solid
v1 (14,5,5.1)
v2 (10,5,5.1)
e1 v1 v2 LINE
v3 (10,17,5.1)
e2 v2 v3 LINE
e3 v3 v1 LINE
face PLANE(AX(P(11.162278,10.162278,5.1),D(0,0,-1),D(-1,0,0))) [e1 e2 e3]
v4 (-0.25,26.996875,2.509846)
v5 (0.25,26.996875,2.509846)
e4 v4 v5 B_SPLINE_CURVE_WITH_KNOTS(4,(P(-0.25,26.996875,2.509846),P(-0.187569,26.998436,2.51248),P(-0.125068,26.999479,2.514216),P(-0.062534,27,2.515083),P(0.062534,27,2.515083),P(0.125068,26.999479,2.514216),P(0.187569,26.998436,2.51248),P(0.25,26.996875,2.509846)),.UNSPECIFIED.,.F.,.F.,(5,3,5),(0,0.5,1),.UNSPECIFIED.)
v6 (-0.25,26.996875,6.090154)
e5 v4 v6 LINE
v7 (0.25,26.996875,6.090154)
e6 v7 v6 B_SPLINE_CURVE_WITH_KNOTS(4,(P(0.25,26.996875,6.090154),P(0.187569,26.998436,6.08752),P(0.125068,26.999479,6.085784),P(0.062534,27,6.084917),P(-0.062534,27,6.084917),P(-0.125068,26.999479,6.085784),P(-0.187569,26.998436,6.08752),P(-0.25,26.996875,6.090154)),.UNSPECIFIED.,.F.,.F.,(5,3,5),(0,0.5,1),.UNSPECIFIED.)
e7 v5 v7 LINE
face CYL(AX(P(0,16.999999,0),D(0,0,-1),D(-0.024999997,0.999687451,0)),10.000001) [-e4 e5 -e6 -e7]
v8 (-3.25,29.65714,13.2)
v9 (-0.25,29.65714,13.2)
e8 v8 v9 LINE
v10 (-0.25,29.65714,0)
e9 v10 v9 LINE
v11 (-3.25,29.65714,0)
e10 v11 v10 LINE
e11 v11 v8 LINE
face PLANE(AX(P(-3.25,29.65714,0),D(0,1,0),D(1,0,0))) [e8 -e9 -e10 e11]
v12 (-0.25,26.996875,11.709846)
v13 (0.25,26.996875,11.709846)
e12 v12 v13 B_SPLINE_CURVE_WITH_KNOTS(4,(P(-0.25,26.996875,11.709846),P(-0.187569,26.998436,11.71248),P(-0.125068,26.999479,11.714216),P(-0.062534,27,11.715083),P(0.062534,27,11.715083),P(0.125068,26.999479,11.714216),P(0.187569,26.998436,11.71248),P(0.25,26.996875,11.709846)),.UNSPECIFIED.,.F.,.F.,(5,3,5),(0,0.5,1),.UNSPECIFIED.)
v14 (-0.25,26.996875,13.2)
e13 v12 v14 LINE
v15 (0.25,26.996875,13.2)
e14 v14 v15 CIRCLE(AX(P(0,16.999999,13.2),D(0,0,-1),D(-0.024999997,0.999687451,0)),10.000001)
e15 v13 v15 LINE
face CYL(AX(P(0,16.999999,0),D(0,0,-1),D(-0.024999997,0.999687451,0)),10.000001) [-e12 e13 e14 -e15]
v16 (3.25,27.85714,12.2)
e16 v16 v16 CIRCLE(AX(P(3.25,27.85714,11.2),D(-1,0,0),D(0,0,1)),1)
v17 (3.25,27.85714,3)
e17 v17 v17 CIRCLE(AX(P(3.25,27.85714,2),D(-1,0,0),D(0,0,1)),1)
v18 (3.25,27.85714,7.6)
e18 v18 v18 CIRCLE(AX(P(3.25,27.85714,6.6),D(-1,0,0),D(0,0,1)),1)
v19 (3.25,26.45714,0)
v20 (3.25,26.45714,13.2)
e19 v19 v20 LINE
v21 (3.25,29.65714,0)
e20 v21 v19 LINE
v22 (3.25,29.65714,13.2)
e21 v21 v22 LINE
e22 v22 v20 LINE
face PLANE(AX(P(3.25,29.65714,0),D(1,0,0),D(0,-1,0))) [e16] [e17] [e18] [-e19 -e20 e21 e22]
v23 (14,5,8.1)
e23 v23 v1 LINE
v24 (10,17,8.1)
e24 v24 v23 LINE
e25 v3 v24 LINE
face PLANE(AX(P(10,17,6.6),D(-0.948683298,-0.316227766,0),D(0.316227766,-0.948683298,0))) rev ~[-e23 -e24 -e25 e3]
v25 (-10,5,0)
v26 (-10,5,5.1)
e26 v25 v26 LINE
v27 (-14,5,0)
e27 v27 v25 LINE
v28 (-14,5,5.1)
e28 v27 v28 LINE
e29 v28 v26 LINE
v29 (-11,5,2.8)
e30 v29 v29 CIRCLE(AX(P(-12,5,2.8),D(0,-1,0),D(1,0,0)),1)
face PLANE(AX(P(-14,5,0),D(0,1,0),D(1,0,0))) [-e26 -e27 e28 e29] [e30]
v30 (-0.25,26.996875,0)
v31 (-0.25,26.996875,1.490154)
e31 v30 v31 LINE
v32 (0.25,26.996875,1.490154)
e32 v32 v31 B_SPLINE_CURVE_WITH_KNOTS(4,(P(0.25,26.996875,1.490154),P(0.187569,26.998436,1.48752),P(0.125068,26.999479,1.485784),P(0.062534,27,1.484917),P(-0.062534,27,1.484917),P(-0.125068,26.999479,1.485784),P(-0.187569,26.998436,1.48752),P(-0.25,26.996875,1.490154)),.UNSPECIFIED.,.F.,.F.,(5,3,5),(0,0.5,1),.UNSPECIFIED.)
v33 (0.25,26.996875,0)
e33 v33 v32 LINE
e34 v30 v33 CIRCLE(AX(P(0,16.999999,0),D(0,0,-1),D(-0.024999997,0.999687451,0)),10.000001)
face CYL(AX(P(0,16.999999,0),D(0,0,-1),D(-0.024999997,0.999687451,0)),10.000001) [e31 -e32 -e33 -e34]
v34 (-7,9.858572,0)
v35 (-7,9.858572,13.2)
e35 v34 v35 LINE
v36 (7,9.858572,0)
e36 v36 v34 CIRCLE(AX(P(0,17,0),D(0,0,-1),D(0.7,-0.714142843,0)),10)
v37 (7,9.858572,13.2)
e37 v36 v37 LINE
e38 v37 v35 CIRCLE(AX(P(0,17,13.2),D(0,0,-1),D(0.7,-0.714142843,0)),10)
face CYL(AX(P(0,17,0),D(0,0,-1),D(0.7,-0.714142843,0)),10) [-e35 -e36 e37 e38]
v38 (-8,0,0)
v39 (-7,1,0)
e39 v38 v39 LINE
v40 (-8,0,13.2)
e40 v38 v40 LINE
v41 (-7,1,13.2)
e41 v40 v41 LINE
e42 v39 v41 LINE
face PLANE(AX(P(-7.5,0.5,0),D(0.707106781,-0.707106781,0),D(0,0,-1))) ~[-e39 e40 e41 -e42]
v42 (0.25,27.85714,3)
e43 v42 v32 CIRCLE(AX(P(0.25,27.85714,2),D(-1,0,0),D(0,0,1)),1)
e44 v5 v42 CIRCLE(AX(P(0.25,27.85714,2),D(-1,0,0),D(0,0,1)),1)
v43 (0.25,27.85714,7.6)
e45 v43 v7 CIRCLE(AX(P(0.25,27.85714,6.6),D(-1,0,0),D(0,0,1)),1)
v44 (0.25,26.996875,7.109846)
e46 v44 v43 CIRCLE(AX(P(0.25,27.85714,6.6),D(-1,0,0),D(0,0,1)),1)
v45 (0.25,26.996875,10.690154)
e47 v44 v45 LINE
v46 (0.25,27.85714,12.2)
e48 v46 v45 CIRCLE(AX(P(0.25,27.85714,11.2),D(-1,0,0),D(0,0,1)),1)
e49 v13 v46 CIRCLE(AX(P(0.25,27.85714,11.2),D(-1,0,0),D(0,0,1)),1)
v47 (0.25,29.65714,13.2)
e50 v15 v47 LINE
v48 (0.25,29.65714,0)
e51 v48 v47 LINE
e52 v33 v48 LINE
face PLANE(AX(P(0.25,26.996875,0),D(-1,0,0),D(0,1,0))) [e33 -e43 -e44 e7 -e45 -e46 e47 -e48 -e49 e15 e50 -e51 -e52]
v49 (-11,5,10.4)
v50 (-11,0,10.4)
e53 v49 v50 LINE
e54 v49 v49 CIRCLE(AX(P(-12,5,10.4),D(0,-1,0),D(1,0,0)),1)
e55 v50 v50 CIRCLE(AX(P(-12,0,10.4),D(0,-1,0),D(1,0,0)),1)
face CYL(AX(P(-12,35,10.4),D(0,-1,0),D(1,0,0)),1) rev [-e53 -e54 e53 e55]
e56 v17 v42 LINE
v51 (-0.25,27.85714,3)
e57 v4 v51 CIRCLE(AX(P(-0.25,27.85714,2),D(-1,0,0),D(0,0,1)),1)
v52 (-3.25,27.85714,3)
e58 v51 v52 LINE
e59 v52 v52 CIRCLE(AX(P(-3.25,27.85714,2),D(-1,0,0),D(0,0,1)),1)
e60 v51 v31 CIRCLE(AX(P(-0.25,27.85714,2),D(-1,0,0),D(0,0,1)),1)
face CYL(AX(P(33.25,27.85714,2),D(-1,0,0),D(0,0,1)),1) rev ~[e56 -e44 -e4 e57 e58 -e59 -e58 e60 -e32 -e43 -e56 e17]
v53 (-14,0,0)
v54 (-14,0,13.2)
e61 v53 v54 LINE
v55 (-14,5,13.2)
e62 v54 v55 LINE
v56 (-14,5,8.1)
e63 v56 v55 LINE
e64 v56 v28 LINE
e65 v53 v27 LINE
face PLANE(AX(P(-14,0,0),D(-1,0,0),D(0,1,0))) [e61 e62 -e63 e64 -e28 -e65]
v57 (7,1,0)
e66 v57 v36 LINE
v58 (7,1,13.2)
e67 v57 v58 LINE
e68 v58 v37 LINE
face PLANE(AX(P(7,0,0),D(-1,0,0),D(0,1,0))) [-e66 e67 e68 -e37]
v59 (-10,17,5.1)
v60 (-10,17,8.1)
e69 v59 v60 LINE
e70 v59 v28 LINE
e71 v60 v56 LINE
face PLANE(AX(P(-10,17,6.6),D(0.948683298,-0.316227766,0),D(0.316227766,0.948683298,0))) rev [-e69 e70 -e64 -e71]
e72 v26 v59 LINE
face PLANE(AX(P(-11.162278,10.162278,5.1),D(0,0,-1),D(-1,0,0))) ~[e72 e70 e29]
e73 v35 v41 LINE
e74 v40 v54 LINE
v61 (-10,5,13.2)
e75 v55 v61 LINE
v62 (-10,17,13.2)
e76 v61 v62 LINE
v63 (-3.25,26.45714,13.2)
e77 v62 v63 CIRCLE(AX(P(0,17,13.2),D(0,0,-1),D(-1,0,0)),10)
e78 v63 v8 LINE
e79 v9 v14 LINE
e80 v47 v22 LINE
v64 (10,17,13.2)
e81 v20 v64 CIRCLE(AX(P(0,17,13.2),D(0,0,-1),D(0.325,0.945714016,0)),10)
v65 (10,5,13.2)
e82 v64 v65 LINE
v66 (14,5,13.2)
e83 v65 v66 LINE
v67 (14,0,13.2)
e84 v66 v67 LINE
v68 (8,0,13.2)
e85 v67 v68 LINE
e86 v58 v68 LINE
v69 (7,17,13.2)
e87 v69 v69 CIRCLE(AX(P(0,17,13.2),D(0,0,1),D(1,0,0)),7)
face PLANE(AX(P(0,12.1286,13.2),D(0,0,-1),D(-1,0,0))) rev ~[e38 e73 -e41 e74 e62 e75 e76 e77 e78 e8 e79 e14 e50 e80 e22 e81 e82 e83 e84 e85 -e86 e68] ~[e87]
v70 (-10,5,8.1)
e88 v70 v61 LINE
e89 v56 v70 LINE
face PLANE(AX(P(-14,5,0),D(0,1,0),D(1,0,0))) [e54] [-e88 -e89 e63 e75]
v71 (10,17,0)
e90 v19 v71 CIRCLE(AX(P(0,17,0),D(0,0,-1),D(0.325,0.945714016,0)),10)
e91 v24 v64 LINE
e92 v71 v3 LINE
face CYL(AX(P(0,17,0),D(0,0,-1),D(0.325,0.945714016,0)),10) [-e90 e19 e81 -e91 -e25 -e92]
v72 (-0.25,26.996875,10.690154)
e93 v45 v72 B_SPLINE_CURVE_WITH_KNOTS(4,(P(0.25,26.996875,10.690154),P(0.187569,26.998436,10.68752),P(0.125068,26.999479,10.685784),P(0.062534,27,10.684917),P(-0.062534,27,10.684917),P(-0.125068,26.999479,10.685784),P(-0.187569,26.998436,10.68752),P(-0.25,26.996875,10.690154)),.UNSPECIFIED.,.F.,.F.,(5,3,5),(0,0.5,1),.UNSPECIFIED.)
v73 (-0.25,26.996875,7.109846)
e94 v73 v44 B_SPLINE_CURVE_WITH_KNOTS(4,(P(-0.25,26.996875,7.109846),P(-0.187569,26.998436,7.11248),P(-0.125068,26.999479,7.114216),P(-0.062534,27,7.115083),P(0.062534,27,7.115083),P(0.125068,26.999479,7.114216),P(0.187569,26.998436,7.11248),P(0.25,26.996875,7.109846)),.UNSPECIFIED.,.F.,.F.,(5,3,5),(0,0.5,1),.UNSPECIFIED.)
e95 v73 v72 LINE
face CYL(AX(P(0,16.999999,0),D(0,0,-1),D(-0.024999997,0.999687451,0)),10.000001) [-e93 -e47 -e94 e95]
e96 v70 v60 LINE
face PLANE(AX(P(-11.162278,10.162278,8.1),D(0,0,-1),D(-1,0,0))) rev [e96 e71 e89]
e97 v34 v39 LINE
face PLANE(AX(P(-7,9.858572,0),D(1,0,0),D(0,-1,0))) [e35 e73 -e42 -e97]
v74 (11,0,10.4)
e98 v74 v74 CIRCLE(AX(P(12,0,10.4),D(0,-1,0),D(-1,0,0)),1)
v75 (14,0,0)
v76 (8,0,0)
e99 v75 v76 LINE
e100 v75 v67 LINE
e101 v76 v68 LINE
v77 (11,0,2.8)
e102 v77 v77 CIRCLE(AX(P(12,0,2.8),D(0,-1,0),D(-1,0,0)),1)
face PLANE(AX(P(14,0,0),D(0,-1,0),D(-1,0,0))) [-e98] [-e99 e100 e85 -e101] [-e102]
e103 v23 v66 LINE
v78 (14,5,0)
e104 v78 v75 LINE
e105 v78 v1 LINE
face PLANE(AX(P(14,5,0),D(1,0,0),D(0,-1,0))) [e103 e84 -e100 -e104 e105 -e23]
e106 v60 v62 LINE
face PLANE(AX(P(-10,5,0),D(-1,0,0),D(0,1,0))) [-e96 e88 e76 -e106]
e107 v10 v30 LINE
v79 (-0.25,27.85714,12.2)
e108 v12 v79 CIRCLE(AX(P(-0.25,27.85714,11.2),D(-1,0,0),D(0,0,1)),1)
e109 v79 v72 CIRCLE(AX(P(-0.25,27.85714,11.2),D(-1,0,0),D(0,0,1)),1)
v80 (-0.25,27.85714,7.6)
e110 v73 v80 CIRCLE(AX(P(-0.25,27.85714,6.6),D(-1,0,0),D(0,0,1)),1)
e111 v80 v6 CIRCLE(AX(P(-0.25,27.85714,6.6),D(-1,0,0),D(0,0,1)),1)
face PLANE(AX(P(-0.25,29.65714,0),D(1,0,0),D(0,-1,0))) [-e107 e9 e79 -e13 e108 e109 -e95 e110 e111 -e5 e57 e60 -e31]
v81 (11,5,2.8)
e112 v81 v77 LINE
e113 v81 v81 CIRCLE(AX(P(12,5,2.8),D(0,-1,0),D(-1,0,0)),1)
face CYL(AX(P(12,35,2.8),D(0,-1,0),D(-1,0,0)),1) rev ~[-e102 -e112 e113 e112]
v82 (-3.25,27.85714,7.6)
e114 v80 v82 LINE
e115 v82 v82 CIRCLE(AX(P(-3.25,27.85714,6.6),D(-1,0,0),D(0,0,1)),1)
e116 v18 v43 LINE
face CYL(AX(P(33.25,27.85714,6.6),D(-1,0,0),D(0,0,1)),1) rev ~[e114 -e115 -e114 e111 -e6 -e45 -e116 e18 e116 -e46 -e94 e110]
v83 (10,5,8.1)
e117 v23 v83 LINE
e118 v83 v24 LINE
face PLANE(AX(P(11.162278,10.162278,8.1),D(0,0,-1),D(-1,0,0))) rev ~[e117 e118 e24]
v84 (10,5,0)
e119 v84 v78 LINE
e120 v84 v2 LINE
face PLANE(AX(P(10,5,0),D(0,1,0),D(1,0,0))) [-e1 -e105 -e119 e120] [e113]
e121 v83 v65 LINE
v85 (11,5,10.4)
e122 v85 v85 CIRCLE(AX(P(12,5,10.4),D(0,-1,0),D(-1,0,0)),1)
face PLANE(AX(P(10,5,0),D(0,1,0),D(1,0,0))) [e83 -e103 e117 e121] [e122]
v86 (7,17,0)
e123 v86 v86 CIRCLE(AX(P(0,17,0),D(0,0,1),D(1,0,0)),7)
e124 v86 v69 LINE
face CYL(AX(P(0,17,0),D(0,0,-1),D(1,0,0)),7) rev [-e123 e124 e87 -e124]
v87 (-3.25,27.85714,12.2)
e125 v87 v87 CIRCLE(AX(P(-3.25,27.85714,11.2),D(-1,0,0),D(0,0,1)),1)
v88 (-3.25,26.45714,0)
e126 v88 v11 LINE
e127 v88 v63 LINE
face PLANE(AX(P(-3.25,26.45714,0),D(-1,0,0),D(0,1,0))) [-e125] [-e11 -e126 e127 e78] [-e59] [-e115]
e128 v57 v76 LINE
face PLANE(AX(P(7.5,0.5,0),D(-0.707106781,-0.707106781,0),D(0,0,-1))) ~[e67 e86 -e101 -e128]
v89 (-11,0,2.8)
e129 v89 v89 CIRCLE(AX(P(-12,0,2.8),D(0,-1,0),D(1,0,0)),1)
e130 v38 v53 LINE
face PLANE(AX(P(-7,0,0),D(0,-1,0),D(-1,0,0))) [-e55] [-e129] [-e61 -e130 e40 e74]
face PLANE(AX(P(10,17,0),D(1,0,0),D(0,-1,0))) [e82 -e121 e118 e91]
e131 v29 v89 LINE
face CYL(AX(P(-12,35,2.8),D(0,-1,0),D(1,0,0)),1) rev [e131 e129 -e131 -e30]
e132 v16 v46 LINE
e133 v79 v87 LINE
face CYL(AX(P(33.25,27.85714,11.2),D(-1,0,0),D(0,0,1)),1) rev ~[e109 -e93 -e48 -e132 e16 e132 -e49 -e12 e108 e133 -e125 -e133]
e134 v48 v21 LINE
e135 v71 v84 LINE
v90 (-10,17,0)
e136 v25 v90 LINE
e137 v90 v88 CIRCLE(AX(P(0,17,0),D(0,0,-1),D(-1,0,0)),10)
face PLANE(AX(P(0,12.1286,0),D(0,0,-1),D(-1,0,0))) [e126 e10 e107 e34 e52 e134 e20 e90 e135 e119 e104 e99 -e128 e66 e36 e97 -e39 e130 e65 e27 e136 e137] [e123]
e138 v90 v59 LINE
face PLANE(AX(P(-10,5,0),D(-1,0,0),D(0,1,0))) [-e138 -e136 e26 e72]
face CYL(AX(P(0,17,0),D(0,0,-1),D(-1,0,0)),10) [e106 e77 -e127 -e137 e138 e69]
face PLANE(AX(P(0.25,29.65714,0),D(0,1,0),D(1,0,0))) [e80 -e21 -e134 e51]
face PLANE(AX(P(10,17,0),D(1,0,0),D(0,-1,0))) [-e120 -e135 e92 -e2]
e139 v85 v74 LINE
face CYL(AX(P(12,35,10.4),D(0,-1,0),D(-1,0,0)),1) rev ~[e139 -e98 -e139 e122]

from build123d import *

# Parameters (mm, degrees)
SKETCH1_R           = 7
BOSS_EXTRUDE1_DEPTH = 13.2
HOLE1_D             = 2
HOLE1_DEPTH         = 30
HOLE2_D             = 2
HOLE2_DEPTH         = 30
BOSS_EXTRUDE2_DEPTH = 1.5
CHAMFER1_SIZE       = 1


with BuildPart() as part:
    # Sketch1 → Boss-Extrude1 (new body)
    with BuildSketch(Plane.XY):
        with BuildLine():
            Line((-14, 0), (-14, 5))
            Line((-14, 5), (-10, 5))
            Line((-10, 5), (-10, 17))
            ThreePointArc((-10, 17), (-8.139410298, 22.809475019), (-3.25, 26.45714016))
            Line((-3.25, 26.45714016), (-3.25, 29.65714016))
            Line((-3.25, 29.65714016), (-0.25, 29.65714016))
            Line((-0.25, 29.65714016), (-0.25, 26.996874512))
            ThreePointArc((-0.25, 26.996874512), (0, 27), (0.25, 26.996874512))
            Line((0.25, 26.996874512), (0.25, 29.65714016))
            Line((0.25, 29.65714016), (3.25, 29.65714016))
            Line((3.25, 29.65714016), (3.25, 26.45714016))
            ThreePointArc((3.25, 26.45714016), (8.139410298, 22.809475019), (10, 17))
            Line((10, 17), (10, 5))
            Line((10, 5), (14, 5))
            Line((14, 5), (14, 0))
            Line((14, 0), (7, 0))
            Line((7, 0), (7, 9.858571571))
            ThreePointArc((7, 9.858571571), (0, 7), (-7, 9.858571571))
            Line((-7, 9.858571571), (-7, 0))
            Line((-7, 0), (-14, 0))
        make_face()
        with Locations((0, 17)):
            Circle(SKETCH1_R, mode=Mode.SUBTRACT)
    extrude(amount=BOSS_EXTRUDE1_DEPTH)

    # Hole1
    with Locations(Plane(origin=(3.25, 0, 0), x_dir=(0, 0, -1), z_dir=(1, 0, 0))):
        with Locations((-11.2, 27.85714016), (-2, 27.85714016), (-6.6, 27.85714016)):
            Hole(HOLE1_D / 2, depth=HOLE1_DEPTH)

    # Hole2
    with Locations(Plane(origin=(0, 5, 0), x_dir=(1, 0, 0), z_dir=(0, 1, 0))):
        with Locations((12, -2.8), (12, -10.4)):
            hole2 = Hole(HOLE2_D / 2, depth=HOLE2_DEPTH)

    # Mirror1: Hole2 across plane
    add(hole2.mirror(Plane(origin=(0, 0, 0), x_dir=(0, 0, 1), z_dir=(1, 0, 0))), mode=Mode.SUBTRACT)

    # Sketch6 → Boss-Extrude2 (add, symmetric)
    with BuildSketch(Plane.XY.offset(6.6)):
        Polygon((10, 17), (14, 5), (10, 5), align=None)
    boss_extrude2 = extrude(amount=BOSS_EXTRUDE2_DEPTH, both=True)

    # Mirror2: Boss-Extrude2 across plane
    add(boss_extrude2.mirror(Plane(origin=(0, 0, 0), x_dir=(0, 0, 1), z_dir=(1, 0, 0))))

    # Chamfer1
    chamfer1_edges = [part.edges().sort_by_distance(p)[0] for p in [
        (7, 0, 6.6),
        (-7, 0, 6.6),
    ]]
    chamfer(chamfer1_edges, length=CHAMFER1_SIZE)


solid = part.part
